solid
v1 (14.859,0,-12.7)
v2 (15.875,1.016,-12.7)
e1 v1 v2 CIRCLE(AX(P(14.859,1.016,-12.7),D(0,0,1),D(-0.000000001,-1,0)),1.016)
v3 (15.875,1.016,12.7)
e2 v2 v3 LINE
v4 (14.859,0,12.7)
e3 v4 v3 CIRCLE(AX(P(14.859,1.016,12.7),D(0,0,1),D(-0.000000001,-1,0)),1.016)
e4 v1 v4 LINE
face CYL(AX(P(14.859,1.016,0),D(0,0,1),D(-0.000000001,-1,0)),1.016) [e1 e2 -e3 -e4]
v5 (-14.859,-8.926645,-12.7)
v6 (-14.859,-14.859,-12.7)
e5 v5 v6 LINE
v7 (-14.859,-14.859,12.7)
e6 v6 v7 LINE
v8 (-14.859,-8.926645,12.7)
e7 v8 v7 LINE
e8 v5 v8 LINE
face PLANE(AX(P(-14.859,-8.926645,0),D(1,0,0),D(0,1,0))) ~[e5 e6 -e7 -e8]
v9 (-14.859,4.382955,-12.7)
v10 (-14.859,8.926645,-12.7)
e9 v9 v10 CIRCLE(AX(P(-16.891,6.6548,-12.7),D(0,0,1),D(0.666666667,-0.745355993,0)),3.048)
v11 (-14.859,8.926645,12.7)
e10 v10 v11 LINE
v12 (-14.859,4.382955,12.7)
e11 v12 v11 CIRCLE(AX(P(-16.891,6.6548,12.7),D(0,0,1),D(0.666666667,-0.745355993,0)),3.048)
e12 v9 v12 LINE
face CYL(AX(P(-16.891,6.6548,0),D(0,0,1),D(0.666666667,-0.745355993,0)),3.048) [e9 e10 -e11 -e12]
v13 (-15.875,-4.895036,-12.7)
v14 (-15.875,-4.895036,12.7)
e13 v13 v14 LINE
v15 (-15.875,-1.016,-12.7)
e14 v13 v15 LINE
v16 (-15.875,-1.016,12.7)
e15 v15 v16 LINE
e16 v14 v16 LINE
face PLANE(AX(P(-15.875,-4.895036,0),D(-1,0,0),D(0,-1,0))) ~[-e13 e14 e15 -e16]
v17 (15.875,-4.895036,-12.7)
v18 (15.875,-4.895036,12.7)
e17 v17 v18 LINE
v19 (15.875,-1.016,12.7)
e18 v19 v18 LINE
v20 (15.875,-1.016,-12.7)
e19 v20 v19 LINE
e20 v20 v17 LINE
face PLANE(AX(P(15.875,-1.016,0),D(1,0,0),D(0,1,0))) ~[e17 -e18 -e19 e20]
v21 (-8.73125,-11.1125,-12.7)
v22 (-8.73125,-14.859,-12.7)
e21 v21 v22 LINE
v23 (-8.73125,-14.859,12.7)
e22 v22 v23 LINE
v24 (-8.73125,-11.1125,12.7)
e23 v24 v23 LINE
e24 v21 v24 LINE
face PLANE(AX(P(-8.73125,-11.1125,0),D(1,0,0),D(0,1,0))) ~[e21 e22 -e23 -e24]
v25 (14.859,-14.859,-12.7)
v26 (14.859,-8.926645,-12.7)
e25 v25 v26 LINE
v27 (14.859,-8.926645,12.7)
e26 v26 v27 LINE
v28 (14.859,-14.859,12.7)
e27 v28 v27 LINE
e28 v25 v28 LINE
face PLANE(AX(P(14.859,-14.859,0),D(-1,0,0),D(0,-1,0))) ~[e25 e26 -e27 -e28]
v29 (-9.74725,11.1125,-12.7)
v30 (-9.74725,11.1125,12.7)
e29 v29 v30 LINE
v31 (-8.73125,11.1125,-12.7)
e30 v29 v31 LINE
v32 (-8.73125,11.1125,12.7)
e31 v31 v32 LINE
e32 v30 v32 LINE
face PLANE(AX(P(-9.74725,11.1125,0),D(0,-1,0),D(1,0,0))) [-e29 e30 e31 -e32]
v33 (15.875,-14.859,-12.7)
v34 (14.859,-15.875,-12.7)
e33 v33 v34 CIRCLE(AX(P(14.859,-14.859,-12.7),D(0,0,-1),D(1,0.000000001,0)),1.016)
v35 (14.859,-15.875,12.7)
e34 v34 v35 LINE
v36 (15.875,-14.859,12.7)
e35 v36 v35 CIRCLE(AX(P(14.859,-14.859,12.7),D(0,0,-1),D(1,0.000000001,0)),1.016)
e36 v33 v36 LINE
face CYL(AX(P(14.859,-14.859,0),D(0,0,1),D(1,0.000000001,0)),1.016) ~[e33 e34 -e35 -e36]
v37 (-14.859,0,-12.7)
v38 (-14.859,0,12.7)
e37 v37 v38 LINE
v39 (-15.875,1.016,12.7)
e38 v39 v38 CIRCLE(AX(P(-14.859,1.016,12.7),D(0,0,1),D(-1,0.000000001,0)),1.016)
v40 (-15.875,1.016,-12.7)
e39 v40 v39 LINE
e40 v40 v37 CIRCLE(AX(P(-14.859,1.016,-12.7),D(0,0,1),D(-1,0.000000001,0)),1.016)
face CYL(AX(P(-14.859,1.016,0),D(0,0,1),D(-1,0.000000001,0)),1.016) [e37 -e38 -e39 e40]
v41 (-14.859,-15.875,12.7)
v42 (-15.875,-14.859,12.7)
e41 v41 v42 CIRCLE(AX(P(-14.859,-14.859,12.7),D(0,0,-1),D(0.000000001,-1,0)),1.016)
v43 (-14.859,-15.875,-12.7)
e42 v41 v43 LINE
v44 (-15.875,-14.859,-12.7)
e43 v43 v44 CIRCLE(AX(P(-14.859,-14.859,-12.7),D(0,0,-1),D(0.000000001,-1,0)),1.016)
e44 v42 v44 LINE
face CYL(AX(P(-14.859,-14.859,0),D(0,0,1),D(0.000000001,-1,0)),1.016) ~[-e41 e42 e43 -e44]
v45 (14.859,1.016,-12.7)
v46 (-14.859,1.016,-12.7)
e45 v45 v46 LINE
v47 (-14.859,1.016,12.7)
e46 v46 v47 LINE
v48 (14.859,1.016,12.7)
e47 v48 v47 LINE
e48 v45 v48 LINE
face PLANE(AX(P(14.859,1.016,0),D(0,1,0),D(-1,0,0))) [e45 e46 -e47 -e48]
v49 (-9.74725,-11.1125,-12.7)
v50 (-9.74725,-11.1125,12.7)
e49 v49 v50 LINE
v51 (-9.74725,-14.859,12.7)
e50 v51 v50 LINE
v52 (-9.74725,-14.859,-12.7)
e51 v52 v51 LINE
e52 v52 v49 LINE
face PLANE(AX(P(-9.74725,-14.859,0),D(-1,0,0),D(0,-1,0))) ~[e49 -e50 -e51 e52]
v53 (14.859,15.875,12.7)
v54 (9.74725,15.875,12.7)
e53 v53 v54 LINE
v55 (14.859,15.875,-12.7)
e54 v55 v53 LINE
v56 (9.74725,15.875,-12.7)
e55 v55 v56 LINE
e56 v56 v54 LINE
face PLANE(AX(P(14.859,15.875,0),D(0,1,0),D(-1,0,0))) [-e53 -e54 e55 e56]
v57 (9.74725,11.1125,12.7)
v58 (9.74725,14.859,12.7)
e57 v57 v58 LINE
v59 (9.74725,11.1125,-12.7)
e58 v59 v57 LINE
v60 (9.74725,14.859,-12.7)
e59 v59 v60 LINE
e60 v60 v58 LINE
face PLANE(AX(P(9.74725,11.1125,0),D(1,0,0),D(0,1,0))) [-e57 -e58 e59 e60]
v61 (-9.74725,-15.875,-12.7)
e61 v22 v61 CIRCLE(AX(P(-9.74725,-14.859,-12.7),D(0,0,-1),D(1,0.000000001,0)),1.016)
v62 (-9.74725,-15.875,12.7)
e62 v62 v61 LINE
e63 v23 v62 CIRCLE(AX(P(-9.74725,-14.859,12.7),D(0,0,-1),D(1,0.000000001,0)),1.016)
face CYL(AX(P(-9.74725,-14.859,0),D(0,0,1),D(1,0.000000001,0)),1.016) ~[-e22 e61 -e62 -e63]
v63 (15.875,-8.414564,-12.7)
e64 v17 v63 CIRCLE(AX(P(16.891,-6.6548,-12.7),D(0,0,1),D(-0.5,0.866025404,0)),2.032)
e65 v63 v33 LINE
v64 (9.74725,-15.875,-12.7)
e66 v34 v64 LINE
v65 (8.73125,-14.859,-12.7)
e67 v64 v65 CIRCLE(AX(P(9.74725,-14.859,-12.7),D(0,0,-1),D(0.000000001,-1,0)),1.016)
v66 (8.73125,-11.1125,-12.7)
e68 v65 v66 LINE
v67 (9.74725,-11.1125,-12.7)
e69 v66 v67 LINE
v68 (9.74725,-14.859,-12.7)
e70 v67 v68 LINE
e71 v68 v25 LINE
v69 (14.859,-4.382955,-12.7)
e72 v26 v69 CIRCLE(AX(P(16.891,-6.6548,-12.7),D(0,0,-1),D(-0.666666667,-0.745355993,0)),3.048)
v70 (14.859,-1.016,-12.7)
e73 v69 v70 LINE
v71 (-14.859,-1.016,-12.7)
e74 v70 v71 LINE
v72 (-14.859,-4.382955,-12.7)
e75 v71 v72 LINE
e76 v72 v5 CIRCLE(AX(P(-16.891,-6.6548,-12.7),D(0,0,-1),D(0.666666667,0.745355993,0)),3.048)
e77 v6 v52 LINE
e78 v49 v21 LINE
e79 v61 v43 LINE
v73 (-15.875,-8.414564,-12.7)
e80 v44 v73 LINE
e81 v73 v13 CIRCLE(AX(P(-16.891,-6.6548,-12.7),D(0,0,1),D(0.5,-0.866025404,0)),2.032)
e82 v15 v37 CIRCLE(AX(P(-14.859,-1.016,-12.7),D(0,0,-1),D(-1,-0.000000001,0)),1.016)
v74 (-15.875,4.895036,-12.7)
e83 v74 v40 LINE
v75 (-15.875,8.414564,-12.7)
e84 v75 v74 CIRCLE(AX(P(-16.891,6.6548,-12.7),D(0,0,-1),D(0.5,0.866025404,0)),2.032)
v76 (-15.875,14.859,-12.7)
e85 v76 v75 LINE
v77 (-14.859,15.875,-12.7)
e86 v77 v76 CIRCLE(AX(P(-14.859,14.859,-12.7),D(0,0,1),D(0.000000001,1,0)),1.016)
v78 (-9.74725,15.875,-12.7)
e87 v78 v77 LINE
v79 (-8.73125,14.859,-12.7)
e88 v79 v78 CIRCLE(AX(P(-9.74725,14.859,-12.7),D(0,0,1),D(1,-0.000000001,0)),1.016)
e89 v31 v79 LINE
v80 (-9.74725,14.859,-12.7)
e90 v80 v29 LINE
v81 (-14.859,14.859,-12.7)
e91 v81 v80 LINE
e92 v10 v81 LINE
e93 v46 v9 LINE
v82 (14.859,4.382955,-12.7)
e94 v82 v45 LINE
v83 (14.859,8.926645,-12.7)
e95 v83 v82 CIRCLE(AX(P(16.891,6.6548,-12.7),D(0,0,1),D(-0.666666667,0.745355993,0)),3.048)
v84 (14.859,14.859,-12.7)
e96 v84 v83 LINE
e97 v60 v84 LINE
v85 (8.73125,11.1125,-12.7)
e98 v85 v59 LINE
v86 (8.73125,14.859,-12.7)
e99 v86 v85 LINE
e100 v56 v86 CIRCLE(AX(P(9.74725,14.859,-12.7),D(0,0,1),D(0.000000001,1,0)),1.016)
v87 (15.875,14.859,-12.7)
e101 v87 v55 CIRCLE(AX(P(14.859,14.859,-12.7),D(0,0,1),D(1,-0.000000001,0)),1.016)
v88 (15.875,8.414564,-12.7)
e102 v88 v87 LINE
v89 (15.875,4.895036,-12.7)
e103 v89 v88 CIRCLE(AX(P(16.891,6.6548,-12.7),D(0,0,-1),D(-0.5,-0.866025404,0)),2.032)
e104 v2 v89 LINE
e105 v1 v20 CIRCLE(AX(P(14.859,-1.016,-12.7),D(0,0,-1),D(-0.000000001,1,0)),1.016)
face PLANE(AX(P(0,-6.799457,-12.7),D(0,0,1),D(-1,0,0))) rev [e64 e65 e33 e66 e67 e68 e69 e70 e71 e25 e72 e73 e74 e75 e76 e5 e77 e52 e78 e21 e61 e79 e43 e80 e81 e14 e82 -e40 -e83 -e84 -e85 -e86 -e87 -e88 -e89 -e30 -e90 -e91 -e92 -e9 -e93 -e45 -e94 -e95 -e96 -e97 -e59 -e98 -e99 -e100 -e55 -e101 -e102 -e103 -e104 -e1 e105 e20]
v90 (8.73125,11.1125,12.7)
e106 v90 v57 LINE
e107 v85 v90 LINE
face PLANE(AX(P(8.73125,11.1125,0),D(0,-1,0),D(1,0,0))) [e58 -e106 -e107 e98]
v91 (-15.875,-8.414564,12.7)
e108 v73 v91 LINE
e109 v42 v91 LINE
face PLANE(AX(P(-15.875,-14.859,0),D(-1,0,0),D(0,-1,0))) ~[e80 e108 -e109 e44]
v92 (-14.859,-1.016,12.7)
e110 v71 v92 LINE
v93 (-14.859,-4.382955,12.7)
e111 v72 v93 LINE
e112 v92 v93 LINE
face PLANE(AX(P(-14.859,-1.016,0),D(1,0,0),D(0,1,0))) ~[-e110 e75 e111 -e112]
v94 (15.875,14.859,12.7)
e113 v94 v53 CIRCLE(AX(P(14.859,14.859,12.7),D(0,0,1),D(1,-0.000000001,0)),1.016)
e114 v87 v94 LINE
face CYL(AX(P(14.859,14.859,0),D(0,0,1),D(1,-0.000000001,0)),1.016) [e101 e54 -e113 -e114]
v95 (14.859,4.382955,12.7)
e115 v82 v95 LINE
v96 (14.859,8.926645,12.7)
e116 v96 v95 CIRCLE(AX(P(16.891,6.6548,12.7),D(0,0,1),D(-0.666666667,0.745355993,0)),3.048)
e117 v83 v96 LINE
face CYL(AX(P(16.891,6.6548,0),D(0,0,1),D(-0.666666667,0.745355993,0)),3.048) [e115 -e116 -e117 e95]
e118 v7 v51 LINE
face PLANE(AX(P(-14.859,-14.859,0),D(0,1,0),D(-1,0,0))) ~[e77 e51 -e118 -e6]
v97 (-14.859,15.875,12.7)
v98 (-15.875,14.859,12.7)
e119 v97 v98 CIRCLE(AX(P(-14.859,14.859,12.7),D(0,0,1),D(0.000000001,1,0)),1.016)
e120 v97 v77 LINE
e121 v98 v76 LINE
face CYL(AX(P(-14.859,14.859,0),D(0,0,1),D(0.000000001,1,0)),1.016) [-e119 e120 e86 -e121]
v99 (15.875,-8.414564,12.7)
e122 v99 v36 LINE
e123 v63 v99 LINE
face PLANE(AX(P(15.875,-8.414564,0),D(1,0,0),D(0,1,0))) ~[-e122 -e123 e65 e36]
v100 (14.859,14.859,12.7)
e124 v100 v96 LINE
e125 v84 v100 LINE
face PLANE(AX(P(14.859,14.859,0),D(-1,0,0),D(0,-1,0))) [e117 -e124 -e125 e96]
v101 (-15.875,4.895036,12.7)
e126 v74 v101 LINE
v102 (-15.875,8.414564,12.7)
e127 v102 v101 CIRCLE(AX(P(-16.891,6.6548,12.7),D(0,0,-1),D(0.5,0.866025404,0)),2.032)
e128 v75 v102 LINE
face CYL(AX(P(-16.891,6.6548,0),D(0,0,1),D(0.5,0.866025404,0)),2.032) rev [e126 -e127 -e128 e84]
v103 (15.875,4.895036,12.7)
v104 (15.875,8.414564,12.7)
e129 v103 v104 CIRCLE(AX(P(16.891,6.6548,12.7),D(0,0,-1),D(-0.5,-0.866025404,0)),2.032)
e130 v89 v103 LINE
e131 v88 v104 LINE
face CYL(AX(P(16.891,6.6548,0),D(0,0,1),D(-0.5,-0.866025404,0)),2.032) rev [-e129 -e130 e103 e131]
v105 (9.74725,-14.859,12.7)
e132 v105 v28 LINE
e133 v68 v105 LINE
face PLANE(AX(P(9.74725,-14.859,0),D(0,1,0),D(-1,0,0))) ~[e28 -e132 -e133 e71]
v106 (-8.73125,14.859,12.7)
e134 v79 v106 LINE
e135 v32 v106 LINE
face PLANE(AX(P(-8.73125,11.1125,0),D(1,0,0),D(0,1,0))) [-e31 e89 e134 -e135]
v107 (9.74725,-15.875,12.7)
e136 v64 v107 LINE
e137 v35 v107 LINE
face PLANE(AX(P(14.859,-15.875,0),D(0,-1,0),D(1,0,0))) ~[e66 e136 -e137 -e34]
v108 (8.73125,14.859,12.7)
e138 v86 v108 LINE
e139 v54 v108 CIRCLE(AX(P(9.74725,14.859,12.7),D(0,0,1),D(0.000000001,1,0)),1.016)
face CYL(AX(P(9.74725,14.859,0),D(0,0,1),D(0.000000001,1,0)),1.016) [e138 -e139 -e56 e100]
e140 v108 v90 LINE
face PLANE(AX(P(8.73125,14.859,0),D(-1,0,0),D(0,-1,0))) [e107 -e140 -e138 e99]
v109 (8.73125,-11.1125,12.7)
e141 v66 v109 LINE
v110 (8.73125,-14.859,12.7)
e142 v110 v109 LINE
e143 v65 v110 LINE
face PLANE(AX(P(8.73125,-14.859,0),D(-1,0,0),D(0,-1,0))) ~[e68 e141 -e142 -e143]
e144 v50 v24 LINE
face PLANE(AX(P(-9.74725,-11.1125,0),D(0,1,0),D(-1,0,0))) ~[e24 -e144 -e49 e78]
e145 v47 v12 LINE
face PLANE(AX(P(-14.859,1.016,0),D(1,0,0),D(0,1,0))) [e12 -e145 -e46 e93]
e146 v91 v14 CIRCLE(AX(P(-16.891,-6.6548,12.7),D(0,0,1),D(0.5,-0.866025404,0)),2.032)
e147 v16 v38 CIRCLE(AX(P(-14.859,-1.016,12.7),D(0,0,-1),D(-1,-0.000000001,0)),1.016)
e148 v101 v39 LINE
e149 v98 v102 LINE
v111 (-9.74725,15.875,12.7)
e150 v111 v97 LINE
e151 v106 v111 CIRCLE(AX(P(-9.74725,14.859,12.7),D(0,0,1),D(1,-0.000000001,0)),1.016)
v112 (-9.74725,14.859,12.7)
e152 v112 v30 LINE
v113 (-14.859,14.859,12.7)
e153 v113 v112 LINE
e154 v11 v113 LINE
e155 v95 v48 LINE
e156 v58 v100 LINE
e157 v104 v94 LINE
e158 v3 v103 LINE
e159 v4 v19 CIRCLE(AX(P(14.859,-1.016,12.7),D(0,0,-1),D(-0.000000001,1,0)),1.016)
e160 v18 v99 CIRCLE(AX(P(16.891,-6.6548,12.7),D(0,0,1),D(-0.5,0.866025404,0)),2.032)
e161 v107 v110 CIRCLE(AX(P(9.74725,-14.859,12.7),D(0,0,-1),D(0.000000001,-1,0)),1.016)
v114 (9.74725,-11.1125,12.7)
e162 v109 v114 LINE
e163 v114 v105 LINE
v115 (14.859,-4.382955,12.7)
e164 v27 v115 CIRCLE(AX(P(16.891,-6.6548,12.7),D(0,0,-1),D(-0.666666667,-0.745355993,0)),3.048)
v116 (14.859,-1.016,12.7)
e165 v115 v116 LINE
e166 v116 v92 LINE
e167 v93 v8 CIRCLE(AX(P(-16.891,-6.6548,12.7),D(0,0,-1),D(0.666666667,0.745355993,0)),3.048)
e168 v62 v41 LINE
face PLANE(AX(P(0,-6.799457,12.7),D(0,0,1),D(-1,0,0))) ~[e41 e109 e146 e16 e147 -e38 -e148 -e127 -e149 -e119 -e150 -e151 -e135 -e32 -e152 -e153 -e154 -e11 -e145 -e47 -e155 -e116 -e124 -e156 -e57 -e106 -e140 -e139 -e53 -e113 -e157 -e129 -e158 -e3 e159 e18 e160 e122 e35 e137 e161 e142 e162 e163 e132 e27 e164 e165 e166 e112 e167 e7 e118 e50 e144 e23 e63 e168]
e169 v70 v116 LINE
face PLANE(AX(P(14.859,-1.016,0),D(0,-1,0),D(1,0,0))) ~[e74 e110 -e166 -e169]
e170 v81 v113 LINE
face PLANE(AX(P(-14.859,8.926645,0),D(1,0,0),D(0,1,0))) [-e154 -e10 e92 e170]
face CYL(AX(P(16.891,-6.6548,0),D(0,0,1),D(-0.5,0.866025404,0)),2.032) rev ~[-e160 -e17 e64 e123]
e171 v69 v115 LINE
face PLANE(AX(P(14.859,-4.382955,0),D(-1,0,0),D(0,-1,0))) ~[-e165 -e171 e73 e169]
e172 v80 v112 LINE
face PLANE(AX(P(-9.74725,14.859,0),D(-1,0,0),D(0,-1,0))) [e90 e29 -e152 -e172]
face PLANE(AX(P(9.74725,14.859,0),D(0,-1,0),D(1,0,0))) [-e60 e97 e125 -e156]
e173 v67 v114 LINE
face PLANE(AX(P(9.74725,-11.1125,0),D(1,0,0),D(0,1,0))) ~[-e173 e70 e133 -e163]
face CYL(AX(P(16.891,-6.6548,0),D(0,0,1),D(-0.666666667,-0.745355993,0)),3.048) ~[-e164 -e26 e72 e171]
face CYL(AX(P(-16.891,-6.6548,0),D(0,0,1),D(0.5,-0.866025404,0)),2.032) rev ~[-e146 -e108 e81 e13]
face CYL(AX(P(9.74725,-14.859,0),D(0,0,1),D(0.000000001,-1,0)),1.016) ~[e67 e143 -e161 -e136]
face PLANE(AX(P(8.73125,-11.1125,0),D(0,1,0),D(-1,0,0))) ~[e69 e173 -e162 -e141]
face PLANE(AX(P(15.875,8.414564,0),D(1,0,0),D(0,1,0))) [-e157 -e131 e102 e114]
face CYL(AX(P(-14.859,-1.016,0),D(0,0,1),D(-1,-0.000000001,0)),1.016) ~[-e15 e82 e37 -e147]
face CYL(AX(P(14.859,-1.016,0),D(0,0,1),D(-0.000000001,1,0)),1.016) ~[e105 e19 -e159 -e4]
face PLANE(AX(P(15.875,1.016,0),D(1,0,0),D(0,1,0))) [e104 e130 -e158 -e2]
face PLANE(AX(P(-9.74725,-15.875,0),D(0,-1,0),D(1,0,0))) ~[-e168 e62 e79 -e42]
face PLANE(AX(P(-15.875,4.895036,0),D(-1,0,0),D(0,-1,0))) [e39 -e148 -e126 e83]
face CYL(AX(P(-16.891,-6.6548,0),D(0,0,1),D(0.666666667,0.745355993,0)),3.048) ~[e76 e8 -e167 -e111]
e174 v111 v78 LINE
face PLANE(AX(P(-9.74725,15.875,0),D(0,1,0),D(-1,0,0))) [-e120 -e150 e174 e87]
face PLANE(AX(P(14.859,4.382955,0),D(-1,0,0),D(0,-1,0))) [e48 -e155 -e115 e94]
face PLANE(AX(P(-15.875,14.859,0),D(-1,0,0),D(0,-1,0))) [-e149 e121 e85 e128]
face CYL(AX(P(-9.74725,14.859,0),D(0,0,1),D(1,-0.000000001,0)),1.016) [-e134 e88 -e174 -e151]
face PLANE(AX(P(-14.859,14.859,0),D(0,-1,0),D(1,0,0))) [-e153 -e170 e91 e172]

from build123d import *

# Parameters (mm, degrees)
BASE_EXTRUDE_DEPTH = 12.7


with BuildPart() as part:
    # Sketch1 → Base-Extrude (new, symmetric)
    with BuildSketch(Plane.XY):
        with BuildLine():
            Line((-15.875, 14.859), (-15.875, 8.41456362))
            ThreePointArc((-15.875, 8.41456362), (-14.859, 6.6548), (-15.875, 4.89503638))
            Line((-15.875, 4.89503638), (-15.875, 1.016))
            ThreePointArc((-15.875, 1.016), (-15.57742049, 0.29757951), (-14.859, 0))
            Line((-14.859, 0), (14.859, 0))
            ThreePointArc((14.859, 0), (15.57742049, 0.29757951), (15.875, 1.016))
            Line((15.875, 1.016), (15.875, 4.89503638))
            ThreePointArc((15.875, 4.89503638), (14.859, 6.6548), (15.875, 8.41456362))
            Line((15.875, 8.41456362), (15.875, 14.859))
            ThreePointArc((15.875, 14.859), (15.57742049, 15.57742049), (14.859, 15.875))
            Line((14.859, 15.875), (9.74725, 15.875))
            ThreePointArc((9.74725, 15.875), (9.02882951, 15.57742049), (8.73125, 14.859))
            Line((8.73125, 14.859), (8.73125, 11.1125))
            Line((8.73125, 11.1125), (9.74725, 11.1125))
            Line((9.74725, 11.1125), (9.74725, 14.859))
            Line((9.74725, 14.859), (14.859, 14.859))
            Line((14.859, 14.859), (14.859, 8.926645065))
            ThreePointArc((14.859, 8.926645065), (13.843, 6.6548), (14.859, 4.382954935))
            Line((14.859, 4.382954935), (14.859, 1.016))
            Line((14.859, 1.016), (-14.859, 1.016))
            Line((-14.859, 1.016), (-14.859, 4.382954935))
            ThreePointArc((-14.859, 4.382954935), (-13.843, 6.6548), (-14.859, 8.926645065))
            Line((-14.859, 8.926645065), (-14.859, 14.859))
            Line((-14.859, 14.859), (-9.74725, 14.859))
            Line((-9.74725, 14.859), (-9.74725, 11.1125))
            Line((-9.74725, 11.1125), (-8.73125, 11.1125))
            Line((-8.73125, 11.1125), (-8.73125, 14.859))
            ThreePointArc((-8.73125, 14.859), (-9.02882951, 15.57742049), (-9.74725, 15.875))
            Line((-9.74725, 15.875), (-14.859, 15.875))
            ThreePointArc((-14.859, 15.875), (-15.57742049, 15.57742049), (-15.875, 14.859))
        make_face()
    base_extrude = extrude(amount=BASE_EXTRUDE_DEPTH, both=True)

    # Mirror1: Base-Extrude across plane
    add(base_extrude.mirror(Plane.ZX))


solid = part.part
